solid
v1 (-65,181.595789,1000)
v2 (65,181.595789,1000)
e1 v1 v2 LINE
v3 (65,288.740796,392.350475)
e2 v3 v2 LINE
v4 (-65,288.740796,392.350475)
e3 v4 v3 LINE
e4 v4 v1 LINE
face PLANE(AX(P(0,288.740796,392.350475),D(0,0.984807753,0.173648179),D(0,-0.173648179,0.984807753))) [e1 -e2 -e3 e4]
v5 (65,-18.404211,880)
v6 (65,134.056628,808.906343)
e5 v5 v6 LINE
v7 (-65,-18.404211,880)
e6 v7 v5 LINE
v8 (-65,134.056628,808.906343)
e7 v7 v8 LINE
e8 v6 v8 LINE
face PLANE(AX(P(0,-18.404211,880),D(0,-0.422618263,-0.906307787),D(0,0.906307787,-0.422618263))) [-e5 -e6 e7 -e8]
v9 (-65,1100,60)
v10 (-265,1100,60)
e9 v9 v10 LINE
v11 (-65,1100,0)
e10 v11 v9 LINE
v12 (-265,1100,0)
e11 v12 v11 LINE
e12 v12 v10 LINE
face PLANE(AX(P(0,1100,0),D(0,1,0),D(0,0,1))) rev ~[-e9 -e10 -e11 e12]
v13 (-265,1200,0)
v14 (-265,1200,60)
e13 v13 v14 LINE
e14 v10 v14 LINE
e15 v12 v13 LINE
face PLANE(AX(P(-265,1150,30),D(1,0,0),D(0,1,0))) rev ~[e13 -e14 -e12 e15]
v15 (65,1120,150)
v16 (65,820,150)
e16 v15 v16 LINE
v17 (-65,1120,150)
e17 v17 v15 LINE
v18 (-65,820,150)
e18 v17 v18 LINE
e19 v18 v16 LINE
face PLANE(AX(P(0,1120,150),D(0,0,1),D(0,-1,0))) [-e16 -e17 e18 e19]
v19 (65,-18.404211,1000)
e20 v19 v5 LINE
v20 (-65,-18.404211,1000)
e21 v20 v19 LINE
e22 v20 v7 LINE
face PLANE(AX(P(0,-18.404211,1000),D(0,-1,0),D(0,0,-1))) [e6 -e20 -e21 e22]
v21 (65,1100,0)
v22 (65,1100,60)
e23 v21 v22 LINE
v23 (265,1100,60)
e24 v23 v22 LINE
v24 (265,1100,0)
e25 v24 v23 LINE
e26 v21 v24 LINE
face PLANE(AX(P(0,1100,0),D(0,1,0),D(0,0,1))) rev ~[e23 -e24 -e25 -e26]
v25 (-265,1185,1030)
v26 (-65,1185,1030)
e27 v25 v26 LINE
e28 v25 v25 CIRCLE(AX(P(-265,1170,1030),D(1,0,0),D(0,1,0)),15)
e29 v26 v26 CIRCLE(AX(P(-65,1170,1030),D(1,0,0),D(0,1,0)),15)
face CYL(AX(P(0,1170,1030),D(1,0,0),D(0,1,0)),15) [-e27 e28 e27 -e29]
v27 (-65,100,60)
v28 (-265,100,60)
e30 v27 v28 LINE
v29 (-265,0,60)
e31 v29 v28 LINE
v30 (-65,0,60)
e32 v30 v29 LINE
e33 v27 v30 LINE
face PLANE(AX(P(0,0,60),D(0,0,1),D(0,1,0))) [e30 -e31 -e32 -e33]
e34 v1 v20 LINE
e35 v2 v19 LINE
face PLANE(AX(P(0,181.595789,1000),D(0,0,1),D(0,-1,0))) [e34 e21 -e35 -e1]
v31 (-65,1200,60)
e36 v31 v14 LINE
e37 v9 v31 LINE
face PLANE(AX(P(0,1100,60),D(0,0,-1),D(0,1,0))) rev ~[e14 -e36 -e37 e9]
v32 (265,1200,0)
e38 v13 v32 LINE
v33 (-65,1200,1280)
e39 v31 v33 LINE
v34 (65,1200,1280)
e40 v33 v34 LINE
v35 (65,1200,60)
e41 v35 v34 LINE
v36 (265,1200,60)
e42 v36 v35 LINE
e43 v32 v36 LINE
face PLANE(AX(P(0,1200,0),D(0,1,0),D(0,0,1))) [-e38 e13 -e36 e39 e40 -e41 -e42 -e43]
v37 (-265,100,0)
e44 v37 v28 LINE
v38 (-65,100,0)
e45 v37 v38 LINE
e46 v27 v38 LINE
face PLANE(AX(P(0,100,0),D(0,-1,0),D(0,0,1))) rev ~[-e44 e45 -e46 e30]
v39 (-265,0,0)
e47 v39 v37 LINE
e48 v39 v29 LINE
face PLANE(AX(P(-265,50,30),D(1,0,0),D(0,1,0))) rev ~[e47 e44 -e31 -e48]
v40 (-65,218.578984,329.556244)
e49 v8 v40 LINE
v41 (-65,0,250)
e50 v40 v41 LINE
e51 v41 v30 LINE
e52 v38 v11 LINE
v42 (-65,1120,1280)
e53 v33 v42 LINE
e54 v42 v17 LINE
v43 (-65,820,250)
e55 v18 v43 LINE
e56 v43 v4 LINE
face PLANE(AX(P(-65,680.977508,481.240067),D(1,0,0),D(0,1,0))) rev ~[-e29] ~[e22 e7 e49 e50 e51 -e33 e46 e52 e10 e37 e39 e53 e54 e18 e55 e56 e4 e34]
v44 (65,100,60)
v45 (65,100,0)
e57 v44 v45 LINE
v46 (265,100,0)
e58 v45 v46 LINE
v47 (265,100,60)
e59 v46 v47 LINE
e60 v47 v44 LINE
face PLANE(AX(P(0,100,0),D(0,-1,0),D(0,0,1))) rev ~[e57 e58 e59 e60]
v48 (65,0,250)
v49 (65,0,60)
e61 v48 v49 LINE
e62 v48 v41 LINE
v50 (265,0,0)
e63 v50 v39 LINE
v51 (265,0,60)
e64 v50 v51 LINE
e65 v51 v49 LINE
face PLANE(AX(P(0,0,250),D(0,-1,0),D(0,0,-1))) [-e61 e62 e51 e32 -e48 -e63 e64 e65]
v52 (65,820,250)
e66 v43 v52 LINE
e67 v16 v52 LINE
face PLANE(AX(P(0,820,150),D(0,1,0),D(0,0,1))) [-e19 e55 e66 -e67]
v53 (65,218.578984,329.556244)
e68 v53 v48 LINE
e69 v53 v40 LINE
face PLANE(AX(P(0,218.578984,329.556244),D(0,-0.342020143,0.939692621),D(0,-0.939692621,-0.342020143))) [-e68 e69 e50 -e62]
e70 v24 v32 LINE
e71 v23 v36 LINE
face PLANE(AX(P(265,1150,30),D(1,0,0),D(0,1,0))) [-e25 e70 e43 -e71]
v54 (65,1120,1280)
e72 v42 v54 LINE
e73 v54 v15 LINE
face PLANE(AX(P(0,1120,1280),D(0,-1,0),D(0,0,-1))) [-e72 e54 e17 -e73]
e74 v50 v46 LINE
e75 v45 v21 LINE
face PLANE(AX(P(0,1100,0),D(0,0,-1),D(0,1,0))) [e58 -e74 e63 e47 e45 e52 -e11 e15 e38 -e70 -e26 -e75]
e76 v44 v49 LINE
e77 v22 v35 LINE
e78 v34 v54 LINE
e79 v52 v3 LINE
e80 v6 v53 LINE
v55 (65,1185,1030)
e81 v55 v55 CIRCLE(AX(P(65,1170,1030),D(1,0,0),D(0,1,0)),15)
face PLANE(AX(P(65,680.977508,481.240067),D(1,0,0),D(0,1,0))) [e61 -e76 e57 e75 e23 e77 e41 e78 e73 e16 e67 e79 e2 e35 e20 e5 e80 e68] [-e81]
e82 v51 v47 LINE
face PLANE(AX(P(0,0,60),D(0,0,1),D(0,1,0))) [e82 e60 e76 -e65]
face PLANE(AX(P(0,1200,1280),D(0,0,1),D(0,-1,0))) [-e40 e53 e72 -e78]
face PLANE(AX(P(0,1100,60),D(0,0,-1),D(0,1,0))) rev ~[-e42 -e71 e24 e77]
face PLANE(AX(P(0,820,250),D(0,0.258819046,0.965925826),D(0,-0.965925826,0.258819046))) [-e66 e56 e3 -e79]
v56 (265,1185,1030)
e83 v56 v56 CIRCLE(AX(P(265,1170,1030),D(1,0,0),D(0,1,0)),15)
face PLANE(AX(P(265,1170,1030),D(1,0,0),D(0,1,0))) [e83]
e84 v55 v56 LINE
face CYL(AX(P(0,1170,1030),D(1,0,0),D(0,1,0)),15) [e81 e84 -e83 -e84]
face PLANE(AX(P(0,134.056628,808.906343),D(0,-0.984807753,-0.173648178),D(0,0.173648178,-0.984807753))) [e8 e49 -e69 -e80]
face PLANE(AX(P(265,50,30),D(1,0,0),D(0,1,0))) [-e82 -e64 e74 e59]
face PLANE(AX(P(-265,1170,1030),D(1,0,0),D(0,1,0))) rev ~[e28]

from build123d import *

# Parameters (mm, degrees)
F1_DEPTH = 65
F2_W     = 100
F2_H     = 60
F3_DEPTH = 265
F4_R     = 15
F5_DEPTH = 265


with BuildPart() as f1:
    # F0 (on Right) → F1 (new body, symmetric)
    with BuildSketch(Plane.YZ):
        Polygon((0, 250), (0, 0), (1200, 0), (1200, 1280), (1120, 1280), (1120, 150), (820, 150), (820, 250), (288.740796, 392.350475), (181.595789, 1000), (-18.404211, 1000), (-18.404211, 880), (134.056628, 808.906343), (218.578984, 329.556244), align=None)
    extrude(amount=F1_DEPTH, both=True)

    # F2 (on Right) → F3 (join, symmetric)
    with BuildSketch(Plane.YZ):
        with Locations((50, 30)):
            Rectangle(F2_W, F2_H)
        with Locations((1150, 30)):
            Rectangle(F2_W, F2_H)
    extrude(amount=F3_DEPTH, both=True)

    # F4 (on Right) → F5 (join, symmetric)
    with BuildSketch(Plane.YZ):
        with Locations((1170, 1030)):
            Circle(F4_R)
    extrude(amount=F5_DEPTH, both=True)


solid = f1.part
